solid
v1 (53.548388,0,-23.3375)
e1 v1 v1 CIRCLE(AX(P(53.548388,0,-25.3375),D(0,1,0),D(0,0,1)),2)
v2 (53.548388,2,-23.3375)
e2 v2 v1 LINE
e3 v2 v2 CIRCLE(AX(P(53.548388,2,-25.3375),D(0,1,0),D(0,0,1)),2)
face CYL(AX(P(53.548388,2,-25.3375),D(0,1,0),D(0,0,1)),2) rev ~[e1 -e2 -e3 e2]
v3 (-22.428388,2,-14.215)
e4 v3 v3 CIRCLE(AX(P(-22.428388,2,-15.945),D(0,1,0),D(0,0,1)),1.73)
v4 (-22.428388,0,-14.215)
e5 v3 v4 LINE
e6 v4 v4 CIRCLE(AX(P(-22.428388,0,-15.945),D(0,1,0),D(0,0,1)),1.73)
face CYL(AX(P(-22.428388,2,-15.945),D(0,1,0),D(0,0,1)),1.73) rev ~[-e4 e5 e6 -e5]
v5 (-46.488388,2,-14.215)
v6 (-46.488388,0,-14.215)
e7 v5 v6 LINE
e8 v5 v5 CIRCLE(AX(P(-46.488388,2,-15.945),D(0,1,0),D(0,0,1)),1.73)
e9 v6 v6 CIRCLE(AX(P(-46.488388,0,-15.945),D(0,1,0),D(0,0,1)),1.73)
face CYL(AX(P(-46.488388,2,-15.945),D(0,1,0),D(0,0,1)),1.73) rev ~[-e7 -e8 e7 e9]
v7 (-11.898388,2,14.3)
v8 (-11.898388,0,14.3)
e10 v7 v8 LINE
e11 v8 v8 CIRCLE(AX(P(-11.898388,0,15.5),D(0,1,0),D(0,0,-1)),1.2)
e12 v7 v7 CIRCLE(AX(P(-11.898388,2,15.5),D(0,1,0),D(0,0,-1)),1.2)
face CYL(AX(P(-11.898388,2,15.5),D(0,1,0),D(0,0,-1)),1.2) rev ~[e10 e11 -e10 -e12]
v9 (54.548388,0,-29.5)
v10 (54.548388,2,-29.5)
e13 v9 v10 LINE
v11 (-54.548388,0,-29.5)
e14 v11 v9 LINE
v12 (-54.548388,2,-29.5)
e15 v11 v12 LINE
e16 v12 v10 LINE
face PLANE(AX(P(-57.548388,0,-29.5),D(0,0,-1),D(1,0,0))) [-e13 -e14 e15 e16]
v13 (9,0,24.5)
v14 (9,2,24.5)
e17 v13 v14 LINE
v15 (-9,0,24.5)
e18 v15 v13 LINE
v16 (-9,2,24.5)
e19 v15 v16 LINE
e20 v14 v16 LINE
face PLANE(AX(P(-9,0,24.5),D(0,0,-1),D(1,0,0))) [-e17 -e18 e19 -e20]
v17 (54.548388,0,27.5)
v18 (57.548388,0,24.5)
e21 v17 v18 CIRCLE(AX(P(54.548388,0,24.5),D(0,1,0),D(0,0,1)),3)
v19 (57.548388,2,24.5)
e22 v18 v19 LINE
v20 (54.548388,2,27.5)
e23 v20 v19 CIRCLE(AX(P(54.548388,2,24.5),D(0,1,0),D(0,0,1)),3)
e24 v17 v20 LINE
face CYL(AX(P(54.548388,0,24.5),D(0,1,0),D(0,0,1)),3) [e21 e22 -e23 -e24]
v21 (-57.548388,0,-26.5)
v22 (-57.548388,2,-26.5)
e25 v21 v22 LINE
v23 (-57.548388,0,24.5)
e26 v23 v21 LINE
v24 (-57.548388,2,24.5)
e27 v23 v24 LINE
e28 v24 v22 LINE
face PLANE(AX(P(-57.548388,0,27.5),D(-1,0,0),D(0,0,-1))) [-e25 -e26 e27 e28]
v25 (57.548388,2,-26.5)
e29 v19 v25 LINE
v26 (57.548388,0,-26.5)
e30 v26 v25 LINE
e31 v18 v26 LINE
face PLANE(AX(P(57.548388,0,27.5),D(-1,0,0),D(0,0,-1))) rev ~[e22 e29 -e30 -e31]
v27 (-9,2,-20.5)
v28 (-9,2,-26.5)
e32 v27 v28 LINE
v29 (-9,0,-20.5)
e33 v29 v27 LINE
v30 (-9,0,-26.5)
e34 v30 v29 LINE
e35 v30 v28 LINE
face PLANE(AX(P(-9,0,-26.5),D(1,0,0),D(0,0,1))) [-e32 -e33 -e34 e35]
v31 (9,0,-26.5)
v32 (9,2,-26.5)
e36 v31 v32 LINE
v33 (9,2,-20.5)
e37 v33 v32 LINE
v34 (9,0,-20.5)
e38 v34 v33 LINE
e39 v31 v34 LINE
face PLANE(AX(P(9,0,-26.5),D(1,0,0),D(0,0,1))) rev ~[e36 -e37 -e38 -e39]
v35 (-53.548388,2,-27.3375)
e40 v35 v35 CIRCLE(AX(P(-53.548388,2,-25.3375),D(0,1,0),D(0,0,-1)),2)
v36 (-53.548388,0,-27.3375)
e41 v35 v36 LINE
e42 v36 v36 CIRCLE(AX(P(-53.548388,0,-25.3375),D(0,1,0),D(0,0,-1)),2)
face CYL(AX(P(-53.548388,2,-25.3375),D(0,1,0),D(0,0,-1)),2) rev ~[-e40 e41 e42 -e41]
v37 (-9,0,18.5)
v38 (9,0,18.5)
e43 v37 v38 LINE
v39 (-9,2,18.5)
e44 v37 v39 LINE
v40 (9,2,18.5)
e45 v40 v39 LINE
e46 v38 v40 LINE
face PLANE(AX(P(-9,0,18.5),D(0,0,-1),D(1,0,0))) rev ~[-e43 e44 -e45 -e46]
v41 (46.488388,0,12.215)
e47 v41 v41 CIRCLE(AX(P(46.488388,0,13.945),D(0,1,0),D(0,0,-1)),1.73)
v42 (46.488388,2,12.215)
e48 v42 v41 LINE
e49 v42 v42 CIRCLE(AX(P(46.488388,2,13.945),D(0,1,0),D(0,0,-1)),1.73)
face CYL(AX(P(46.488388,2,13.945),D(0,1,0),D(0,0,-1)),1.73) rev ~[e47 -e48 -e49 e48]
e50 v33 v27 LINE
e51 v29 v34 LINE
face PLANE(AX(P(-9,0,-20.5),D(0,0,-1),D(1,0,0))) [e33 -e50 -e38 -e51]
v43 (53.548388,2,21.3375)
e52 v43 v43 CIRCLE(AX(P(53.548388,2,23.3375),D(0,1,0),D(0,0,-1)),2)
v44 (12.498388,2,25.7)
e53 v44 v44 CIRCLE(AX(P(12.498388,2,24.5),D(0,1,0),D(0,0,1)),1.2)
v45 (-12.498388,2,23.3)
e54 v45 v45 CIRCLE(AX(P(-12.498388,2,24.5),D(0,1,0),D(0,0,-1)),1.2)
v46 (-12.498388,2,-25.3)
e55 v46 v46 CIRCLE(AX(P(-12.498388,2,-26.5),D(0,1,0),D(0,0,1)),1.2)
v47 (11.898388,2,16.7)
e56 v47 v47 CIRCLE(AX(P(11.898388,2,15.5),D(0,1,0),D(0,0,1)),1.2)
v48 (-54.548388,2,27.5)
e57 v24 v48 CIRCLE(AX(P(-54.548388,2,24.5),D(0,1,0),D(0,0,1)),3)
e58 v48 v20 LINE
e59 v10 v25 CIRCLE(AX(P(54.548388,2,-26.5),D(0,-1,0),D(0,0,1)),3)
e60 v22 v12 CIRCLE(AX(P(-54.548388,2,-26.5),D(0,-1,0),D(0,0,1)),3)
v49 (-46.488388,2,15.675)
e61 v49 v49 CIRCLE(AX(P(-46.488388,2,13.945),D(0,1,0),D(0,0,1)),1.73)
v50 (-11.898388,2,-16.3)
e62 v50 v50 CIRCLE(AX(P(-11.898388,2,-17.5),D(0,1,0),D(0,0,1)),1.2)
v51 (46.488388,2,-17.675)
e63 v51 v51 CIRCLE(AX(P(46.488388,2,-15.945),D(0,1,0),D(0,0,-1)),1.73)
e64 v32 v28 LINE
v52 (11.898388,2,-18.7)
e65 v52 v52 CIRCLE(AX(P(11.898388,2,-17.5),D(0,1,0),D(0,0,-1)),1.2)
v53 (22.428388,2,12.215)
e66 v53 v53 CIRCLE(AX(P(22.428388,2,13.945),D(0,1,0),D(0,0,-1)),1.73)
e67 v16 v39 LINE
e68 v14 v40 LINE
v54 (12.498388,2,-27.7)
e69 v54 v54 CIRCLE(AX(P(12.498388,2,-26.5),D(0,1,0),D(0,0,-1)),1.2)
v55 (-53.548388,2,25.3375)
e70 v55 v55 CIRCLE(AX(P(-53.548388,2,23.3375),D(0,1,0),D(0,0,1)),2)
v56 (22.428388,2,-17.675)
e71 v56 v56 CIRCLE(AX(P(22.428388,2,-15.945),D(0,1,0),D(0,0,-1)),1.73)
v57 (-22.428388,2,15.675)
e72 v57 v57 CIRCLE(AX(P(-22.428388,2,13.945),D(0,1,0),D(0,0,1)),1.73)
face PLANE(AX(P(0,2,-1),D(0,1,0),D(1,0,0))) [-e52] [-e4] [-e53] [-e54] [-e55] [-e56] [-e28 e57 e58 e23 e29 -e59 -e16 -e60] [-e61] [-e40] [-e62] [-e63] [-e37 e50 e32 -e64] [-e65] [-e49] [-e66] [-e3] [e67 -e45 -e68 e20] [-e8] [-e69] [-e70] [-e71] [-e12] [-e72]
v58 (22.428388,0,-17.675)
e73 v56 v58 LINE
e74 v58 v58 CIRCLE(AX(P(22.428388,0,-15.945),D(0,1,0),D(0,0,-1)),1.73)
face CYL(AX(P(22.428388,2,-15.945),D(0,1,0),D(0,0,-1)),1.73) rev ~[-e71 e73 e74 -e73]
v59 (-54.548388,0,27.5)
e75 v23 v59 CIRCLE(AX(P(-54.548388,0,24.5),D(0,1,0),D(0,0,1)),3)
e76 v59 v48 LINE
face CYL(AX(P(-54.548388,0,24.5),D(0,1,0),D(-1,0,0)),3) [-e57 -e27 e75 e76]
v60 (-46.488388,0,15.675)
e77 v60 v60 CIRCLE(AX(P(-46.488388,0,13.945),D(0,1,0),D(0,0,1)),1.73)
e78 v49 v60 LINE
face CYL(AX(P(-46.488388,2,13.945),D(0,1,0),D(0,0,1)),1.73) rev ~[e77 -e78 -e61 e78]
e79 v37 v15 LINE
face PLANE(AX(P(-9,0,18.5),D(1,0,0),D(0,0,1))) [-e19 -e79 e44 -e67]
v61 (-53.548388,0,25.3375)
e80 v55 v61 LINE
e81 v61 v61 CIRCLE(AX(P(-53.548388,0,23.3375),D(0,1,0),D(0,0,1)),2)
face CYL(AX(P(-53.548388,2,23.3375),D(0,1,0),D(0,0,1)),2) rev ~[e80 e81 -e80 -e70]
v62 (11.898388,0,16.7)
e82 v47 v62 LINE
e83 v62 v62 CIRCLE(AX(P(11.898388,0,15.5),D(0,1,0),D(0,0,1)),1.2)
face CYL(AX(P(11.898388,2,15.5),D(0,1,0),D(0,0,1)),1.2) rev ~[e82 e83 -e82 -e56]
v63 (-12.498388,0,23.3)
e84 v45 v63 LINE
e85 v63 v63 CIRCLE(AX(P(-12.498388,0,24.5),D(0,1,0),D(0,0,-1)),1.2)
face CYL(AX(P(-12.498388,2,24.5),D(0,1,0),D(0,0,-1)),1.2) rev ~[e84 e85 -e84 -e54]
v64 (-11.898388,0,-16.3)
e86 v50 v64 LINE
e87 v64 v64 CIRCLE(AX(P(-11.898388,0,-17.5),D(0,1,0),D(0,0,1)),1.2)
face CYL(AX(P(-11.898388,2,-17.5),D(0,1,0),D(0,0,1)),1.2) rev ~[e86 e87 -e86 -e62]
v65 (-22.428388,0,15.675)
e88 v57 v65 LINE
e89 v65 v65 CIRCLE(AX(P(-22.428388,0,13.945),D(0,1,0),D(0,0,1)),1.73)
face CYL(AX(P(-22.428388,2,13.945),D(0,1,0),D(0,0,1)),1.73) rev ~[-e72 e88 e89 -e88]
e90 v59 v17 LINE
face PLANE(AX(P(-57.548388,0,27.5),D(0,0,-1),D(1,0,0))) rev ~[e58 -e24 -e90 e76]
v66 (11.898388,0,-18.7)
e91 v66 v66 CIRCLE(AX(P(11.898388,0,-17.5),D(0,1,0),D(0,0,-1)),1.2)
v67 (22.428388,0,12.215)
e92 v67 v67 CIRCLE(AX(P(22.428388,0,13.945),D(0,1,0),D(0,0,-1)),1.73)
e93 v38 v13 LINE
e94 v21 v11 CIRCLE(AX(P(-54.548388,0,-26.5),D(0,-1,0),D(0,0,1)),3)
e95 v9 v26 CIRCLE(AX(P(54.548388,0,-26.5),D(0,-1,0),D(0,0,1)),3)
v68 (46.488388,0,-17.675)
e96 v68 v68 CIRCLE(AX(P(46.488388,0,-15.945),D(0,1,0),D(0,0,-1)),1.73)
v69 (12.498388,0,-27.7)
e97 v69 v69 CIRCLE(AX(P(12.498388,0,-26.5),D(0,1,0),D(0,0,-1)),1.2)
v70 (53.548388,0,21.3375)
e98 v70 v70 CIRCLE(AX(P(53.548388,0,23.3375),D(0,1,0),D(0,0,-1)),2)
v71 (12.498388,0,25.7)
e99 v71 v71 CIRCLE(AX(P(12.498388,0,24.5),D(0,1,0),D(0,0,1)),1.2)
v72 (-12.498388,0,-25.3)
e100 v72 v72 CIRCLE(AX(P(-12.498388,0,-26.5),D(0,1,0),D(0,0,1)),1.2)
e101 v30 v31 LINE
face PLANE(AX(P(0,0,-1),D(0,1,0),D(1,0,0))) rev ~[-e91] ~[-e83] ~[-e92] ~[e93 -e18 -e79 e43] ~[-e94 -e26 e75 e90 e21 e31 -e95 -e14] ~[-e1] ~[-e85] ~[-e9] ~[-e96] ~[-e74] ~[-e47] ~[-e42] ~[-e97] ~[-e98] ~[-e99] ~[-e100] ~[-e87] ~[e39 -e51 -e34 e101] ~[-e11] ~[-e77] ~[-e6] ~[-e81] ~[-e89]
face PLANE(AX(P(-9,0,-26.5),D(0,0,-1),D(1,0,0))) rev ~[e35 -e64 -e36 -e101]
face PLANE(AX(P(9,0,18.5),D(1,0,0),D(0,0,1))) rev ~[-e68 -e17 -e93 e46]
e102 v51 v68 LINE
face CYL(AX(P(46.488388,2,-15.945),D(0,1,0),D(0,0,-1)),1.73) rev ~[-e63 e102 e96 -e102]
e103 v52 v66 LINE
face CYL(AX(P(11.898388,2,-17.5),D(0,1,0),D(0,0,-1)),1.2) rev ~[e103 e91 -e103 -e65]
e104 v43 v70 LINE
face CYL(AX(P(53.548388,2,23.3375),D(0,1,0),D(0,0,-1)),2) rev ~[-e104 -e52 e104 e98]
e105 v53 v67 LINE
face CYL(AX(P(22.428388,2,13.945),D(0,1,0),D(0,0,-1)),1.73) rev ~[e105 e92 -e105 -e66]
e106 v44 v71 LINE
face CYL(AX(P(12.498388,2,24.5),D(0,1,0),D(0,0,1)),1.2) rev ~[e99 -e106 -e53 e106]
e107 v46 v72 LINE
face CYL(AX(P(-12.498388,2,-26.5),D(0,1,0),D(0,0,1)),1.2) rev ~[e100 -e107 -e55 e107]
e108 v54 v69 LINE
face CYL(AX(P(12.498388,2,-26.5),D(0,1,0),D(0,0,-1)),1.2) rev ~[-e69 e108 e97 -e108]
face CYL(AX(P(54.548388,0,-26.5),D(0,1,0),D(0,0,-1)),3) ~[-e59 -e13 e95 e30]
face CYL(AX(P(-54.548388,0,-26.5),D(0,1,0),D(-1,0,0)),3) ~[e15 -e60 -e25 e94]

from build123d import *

# Parameters (mm, degrees)
ESBO_O1_W                = 115.09677689
ESBO_O1_H                = 57
RESSALTO_EXTRUS_O1_DEPTH = 2
ESBO_O2_R                = 1.73
CORTE_EXTRUS_O1_DEPTH    = 65.699822354
ESBO_O3_W                = 18
ESBO_O3_H                = 6
CORTE_EXTRUS_O2_DEPTH    = 65.699822354
ESBO_O5_R                = 2
CORTE_EXTRUS_O3_DEPTH    = 65.699822354
FILETE1_R                = 3
ESBO_O8_R                = 1.2
CORTE_EXTRUS_O4_DEPTH    = 65.699822354


with BuildPart() as part:
    # Esboço1 → Ressalto-extrusão1 (new body)
    with BuildSketch(Plane(origin=(0, 0, 0), x_dir=(1, 0, 0), z_dir=(0, 1, 0))):
        with Locations((0, 1)):
            Rectangle(ESBO_O1_W, ESBO_O1_H)
    extrude(amount=RESSALTO_EXTRUS_O1_DEPTH)

    # Esboço2 → Corte-extrusão1 (cut, through all)
    with BuildSketch(Plane(origin=(0, 2, 0), x_dir=(1, 0, 0), z_dir=(0, 1, 0))):
        with Locations(Location((-46.488388445, 15.945, 0), (0, 0, 270))):
            Circle(ESBO_O2_R)
        with Locations(Location((-22.428388445, 15.945, 0), (0, 0, 270))):
            Circle(ESBO_O2_R)
        with Locations(Location((-22.428388445, -13.945, 0), (0, 0, 270))):
            Circle(ESBO_O2_R)
        with Locations(Location((22.428388445, -13.945, 0), (0, 0, 90))):
            Circle(ESBO_O2_R)
        with Locations(Location((22.428388445, 15.945, 0), (0, 0, 90))):
            Circle(ESBO_O2_R)
        with Locations(Location((46.488388445, 15.945, 0), (0, 0, 90))):
            Circle(ESBO_O2_R)
        with Locations(Location((-46.488388445, -13.945, 0), (0, 0, 270))):
            Circle(ESBO_O2_R)
        with Locations(Location((46.488388445, -13.945, 0), (0, 0, 90))):
            Circle(ESBO_O2_R)
    extrude(amount=-CORTE_EXTRUS_O1_DEPTH, mode=Mode.SUBTRACT)

    # Esboço3 → Corte-extrusão2 (cut, through all)
    with BuildSketch(Plane.XZ):
        with Locations((0, 21.5)):
            Rectangle(ESBO_O3_W, ESBO_O3_H)
        with Locations((0, -23.5)):
            Rectangle(ESBO_O3_W, ESBO_O3_H)
    extrude(amount=-CORTE_EXTRUS_O2_DEPTH, mode=Mode.SUBTRACT)

    # Esboço5 → Corte-extrusão3 (cut, through all)
    with BuildSketch(Plane(origin=(0, 2, 0), x_dir=(1, 0, 0), z_dir=(0, 1, 0))):
        with Locations(Location((53.548388445, 25.3375, 0), (0, 0, 270))):
            Circle(ESBO_O5_R)
        with Locations(Location((53.548388445, -23.3375, 0), (0, 0, 90))):
            Circle(ESBO_O5_R)
        with Locations(Location((-53.548388445, -23.3375, 0), (0, 0, 270))):
            Circle(ESBO_O5_R)
        with Locations(Location((-53.548388445, 25.3375, 0), (0, 0, 90))):
            Circle(ESBO_O5_R)
    extrude(amount=-CORTE_EXTRUS_O3_DEPTH, mode=Mode.SUBTRACT)

    # Filete1
    filete1_edges = [part.edges().sort_by_distance(p)[0] for p in [
        (-57.548388445, 1, -29.5),
        (57.548388445, 1, -29.5),
        (57.548388445, 1, 27.5),
        (-57.548388445, 1, 27.5),
    ]]
    fillet(filete1_edges, radius=FILETE1_R)

    # Esboço8 → Corte-extrusão4 (cut, through all)
    with BuildSketch(Plane(origin=(0, 2, 0), x_dir=(1, 0, 0), z_dir=(0, 1, 0))):
        with Locations(Location((-12.498388445, 26.5, 0), (0, 0, 270))):
            Circle(ESBO_O8_R)
        with Locations(Location((12.498388445, 26.5, 0), (0, 0, 90))):
            Circle(ESBO_O8_R)
        with Locations(Location((12.498388445, -24.5, 0), (0, 0, 270))):
            Circle(ESBO_O8_R)
        with Locations(Location((-12.498388445, -24.5, 0), (0, 0, 90))):
            Circle(ESBO_O8_R)
        with Locations(Location((-11.898388445, 17.5, 0), (0, 0, 270))):
            Circle(ESBO_O8_R)
        with Locations(Location((11.898388445, 17.5, 0), (0, 0, 90))):
            Circle(ESBO_O8_R)
        with Locations(Location((11.898388445, -15.5, 0), (0, 0, 270))):
            Circle(ESBO_O8_R)
        with Locations(Location((-11.898388445, -15.5, 0), (0, 0, 90))):
            Circle(ESBO_O8_R)
    extrude(amount=-CORTE_EXTRUS_O4_DEPTH, mode=Mode.SUBTRACT)


solid = part.part
